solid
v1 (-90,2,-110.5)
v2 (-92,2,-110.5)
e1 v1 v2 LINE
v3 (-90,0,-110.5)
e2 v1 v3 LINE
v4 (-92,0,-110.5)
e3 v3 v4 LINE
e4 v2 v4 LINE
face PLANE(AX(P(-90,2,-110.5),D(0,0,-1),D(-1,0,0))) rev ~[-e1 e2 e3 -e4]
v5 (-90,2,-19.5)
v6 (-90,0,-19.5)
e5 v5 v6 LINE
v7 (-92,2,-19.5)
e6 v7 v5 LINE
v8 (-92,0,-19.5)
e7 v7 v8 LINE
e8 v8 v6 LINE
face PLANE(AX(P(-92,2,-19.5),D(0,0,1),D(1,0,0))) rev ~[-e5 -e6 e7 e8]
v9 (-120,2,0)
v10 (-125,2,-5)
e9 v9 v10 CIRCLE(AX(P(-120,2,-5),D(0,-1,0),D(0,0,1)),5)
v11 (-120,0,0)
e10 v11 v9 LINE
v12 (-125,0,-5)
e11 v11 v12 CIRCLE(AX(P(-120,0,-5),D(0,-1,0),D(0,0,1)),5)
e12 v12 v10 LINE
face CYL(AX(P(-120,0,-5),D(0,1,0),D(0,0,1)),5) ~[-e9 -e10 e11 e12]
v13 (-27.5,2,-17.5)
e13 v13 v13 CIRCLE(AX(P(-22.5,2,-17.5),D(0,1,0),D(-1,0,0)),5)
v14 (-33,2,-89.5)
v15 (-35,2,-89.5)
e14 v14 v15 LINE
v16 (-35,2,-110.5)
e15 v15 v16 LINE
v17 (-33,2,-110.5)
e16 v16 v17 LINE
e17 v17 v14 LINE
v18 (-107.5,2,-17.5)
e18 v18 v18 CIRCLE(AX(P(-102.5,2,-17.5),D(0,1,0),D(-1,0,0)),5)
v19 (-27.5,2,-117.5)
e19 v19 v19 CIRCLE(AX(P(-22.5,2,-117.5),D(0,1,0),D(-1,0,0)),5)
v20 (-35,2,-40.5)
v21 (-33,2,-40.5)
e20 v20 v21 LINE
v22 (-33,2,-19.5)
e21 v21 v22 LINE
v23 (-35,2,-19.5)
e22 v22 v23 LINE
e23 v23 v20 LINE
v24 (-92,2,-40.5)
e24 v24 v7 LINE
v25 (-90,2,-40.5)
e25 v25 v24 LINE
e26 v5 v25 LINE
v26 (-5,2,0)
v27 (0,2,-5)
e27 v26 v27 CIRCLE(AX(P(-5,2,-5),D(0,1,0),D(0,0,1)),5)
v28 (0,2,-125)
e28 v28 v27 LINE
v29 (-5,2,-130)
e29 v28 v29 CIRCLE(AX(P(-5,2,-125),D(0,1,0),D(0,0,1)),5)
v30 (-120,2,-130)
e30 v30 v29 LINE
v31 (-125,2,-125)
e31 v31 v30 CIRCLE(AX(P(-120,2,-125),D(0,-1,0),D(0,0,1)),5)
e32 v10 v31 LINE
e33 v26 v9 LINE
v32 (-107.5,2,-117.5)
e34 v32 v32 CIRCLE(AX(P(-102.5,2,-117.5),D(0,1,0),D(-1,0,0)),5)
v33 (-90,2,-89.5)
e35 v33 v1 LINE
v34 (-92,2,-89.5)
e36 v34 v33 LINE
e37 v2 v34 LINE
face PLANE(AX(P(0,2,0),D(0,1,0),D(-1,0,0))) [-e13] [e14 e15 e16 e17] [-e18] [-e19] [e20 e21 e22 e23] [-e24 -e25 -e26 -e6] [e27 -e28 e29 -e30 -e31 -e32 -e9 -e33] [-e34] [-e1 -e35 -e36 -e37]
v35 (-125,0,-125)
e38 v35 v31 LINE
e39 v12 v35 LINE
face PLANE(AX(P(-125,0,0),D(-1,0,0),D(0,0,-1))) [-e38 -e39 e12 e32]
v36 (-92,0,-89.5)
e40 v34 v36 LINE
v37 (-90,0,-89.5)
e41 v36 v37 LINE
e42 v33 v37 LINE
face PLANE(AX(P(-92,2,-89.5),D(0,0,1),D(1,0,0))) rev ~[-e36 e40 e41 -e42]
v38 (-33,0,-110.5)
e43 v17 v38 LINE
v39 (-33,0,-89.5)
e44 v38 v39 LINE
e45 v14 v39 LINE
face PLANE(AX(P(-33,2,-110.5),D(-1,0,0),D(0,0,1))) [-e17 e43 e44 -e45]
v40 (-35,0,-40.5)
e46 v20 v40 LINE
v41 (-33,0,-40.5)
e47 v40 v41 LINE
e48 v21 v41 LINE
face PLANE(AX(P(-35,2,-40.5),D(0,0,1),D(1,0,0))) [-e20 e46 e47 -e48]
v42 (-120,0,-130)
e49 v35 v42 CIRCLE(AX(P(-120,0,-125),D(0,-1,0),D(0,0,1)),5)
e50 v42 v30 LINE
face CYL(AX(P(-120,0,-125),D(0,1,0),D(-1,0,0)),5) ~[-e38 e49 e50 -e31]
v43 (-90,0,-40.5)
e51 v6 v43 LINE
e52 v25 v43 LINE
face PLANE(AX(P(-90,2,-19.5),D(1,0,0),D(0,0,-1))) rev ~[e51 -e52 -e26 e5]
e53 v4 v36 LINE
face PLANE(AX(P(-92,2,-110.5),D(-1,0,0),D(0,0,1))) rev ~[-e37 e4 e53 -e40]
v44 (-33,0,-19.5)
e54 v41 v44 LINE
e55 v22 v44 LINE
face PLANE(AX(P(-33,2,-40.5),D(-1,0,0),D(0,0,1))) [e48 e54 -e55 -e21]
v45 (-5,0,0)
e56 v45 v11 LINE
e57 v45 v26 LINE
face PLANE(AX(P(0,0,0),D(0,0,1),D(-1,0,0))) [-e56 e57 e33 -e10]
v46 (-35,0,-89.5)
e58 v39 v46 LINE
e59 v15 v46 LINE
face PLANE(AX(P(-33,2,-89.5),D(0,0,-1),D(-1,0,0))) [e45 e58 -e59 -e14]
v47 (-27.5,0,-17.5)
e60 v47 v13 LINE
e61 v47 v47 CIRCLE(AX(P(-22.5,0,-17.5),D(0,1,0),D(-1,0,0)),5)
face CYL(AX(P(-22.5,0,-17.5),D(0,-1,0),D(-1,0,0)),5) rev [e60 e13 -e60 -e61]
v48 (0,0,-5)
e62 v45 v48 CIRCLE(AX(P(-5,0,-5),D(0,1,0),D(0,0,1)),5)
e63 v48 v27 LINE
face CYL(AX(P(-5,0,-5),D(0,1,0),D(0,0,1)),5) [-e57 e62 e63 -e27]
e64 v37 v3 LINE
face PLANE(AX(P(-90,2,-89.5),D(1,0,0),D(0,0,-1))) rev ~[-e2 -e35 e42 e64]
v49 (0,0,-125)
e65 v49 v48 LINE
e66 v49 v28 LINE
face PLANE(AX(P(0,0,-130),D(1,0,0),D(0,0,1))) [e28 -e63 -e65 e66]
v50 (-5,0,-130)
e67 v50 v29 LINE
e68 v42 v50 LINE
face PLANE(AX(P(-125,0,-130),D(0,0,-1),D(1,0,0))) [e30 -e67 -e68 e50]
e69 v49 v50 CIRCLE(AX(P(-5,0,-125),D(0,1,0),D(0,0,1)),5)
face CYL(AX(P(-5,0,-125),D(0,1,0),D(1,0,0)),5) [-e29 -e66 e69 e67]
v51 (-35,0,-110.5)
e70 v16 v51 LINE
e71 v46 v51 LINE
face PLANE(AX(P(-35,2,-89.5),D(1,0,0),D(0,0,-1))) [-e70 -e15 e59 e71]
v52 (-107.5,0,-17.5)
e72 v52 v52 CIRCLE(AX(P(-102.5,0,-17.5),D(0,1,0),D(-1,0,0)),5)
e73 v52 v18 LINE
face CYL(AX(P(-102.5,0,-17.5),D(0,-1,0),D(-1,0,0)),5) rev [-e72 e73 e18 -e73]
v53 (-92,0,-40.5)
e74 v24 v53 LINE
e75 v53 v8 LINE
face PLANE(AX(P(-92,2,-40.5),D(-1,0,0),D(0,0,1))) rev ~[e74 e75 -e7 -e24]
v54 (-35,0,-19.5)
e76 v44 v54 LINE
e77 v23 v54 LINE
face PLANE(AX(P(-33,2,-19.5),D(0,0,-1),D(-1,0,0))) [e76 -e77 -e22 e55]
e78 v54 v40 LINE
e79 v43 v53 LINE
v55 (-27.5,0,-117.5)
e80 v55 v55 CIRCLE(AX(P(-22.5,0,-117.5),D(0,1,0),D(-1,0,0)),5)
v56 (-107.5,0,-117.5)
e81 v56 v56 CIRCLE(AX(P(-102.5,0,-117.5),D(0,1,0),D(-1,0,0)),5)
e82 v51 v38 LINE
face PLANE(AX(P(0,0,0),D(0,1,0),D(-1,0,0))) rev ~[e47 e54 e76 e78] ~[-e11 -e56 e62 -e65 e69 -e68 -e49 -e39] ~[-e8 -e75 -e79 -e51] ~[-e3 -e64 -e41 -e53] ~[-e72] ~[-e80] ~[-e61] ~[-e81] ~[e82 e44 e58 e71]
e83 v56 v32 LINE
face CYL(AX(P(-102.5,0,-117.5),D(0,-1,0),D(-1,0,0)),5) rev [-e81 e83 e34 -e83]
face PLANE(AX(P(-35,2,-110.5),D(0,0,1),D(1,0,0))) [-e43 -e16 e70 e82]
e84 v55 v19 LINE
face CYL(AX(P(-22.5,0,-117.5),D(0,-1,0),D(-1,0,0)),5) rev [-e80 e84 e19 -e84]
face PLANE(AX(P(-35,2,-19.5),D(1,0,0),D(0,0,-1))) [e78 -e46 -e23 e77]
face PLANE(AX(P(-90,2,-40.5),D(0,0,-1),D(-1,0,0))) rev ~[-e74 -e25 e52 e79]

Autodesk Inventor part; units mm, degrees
ref_plane "YZ Plane" through (0, 0, 0) normal (1, 0, 0) x (0, 1, 0)
ref_plane "XZ Plane" through (0, 0, 0) normal (0, 1, 0) x (-1, 0, 0)
ref_plane "XY Plane" through (0, 0, 0) normal (0, 0, 1) x (1, 0, 0)
sketch "Sketch1" plane through (0, 0, 0) normal (0, 1, 0) x (-1, 0, 0)
  line L0 (0, 0) -> (125, 0)
  line L1 (125, 0) -> (125, -130)
  line L2 (125, -130) -> (0, -130)
  line L3 (0, -130) -> (0, 0)
  circle A0 centre (102.5, -17.5) radius 5
  circle A1 centre (102.5, -117.5) radius 5
  circle A2 centre (22.5, -17.5) radius 5
  circle A3 centre (22.5, -117.5) radius 5
  dimension "d0" = 130
  dimension "d1" = 125
  dimension "d2" = 10
  dimension "d3" = 10
  dimension "d4" = 100
  dimension "d5" = 10
  dimension "d6" = 10
  dimension "d7" = 100
  dimension "d8" = 80
  dimension "d9" = 80
  dimension "d10" = 17.5
  dimension "d11" = 22.5
  dimension "d12" = 17.5
  dimension "d13" = 22.5
extrude "Extrusion1" add sketch "Sketch1" along normal blind 2
sketch "Sketch2" plane through (0, 2, 0) normal (0, 1, 0) x (1, 0, 0)
  line L0 (-90, 115.6784) -> (-35, 115.6784) construction
  line L1 (-35, 115.6784) -> (-35, 15.6784) construction
  line L2 (-35, 15.6784) -> (-90, 15.6784) construction
  line L3 (-90, 15.6784) -> (-90, 115.6784) construction
  line L4 (0, 130) -> (-125, 130) projected
  line L5 (-125, 130) -> (-125, 0) projected
  line L6 (-125, 0) -> (0, 0) projected
  line L7 (0, 0) -> (0, 130) projected
  circle A0 centre (-22.5, 117.5) radius 5 projected
  circle A1 centre (-22.5, 17.5) radius 5 projected
  circle A2 centre (-102.5, 117.5) radius 5 projected
  circle A3 centre (-102.5, 17.5) radius 5 projected
  line L8 (-35, 40.5) -> (-33, 40.5)
  line L9 (-33, 40.5) -> (-33, 19.5)
  line L10 (-33, 19.5) -> (-35, 19.5)
  line L11 (-35, 19.5) -> (-35, 40.5)
  line L12 (-35, 110.5) -> (-33, 110.5)
  line L13 (-33, 110.5) -> (-33, 89.5)
  line L14 (-33, 89.5) -> (-35, 89.5)
  line L15 (-35, 89.5) -> (-35, 110.5)
  line L16 (-90, 110.5) -> (-92, 110.5)
  line L17 (-92, 110.5) -> (-92, 89.5)
  line L18 (-92, 89.5) -> (-90, 89.5)
  line L19 (-90, 89.5) -> (-90, 110.5)
  line L20 (-90, 40.5) -> (-92, 40.5)
  line L21 (-92, 40.5) -> (-92, 19.5)
  line L22 (-92, 19.5) -> (-90, 19.5)
  line L23 (-90, 19.5) -> (-90, 40.5)
  dimension "d16" = 55
  dimension "d17" = 100
  dimension "d18" = 125
  dimension "d19" = 35
  dimension "d20" = 2
  dimension "d21" = 2
  dimension "d22" = 2
  dimension "d23" = 2
  dimension "d24" = 21
  dimension "d25" = 21
  dimension "d26" = 21
  dimension "d27" = 21
  dimension "d28" = 19.5
  dimension "d29" = 19.5
  dimension "d30" = 19.5
  dimension "d31" = 19.5
extrude "Extrusion2" cut sketch "Sketch2" against normal through all contours L8 L9 L10 L11 | L12 L13 L14 L15 | L19 L18 L17 L16 | L23 L22 L21 L20
fillet "Fillet1" radius 5 4 edges at (0, 1, 0) (0, 1, -130) (-125, 1, 0) (-125, 1, -130)
equation "\"d19\" = -0.5 * d16 + 0.5 * d18"
equation "\"d25\" = d24"
equation "\"d26\" = d27"
equation "\"d27\" = d25"
equation "\"d29\" = d28"
equation "\"d30\" = d29"
equation "\"d31\" = d28"
properties part number "plade_til_beslag"
